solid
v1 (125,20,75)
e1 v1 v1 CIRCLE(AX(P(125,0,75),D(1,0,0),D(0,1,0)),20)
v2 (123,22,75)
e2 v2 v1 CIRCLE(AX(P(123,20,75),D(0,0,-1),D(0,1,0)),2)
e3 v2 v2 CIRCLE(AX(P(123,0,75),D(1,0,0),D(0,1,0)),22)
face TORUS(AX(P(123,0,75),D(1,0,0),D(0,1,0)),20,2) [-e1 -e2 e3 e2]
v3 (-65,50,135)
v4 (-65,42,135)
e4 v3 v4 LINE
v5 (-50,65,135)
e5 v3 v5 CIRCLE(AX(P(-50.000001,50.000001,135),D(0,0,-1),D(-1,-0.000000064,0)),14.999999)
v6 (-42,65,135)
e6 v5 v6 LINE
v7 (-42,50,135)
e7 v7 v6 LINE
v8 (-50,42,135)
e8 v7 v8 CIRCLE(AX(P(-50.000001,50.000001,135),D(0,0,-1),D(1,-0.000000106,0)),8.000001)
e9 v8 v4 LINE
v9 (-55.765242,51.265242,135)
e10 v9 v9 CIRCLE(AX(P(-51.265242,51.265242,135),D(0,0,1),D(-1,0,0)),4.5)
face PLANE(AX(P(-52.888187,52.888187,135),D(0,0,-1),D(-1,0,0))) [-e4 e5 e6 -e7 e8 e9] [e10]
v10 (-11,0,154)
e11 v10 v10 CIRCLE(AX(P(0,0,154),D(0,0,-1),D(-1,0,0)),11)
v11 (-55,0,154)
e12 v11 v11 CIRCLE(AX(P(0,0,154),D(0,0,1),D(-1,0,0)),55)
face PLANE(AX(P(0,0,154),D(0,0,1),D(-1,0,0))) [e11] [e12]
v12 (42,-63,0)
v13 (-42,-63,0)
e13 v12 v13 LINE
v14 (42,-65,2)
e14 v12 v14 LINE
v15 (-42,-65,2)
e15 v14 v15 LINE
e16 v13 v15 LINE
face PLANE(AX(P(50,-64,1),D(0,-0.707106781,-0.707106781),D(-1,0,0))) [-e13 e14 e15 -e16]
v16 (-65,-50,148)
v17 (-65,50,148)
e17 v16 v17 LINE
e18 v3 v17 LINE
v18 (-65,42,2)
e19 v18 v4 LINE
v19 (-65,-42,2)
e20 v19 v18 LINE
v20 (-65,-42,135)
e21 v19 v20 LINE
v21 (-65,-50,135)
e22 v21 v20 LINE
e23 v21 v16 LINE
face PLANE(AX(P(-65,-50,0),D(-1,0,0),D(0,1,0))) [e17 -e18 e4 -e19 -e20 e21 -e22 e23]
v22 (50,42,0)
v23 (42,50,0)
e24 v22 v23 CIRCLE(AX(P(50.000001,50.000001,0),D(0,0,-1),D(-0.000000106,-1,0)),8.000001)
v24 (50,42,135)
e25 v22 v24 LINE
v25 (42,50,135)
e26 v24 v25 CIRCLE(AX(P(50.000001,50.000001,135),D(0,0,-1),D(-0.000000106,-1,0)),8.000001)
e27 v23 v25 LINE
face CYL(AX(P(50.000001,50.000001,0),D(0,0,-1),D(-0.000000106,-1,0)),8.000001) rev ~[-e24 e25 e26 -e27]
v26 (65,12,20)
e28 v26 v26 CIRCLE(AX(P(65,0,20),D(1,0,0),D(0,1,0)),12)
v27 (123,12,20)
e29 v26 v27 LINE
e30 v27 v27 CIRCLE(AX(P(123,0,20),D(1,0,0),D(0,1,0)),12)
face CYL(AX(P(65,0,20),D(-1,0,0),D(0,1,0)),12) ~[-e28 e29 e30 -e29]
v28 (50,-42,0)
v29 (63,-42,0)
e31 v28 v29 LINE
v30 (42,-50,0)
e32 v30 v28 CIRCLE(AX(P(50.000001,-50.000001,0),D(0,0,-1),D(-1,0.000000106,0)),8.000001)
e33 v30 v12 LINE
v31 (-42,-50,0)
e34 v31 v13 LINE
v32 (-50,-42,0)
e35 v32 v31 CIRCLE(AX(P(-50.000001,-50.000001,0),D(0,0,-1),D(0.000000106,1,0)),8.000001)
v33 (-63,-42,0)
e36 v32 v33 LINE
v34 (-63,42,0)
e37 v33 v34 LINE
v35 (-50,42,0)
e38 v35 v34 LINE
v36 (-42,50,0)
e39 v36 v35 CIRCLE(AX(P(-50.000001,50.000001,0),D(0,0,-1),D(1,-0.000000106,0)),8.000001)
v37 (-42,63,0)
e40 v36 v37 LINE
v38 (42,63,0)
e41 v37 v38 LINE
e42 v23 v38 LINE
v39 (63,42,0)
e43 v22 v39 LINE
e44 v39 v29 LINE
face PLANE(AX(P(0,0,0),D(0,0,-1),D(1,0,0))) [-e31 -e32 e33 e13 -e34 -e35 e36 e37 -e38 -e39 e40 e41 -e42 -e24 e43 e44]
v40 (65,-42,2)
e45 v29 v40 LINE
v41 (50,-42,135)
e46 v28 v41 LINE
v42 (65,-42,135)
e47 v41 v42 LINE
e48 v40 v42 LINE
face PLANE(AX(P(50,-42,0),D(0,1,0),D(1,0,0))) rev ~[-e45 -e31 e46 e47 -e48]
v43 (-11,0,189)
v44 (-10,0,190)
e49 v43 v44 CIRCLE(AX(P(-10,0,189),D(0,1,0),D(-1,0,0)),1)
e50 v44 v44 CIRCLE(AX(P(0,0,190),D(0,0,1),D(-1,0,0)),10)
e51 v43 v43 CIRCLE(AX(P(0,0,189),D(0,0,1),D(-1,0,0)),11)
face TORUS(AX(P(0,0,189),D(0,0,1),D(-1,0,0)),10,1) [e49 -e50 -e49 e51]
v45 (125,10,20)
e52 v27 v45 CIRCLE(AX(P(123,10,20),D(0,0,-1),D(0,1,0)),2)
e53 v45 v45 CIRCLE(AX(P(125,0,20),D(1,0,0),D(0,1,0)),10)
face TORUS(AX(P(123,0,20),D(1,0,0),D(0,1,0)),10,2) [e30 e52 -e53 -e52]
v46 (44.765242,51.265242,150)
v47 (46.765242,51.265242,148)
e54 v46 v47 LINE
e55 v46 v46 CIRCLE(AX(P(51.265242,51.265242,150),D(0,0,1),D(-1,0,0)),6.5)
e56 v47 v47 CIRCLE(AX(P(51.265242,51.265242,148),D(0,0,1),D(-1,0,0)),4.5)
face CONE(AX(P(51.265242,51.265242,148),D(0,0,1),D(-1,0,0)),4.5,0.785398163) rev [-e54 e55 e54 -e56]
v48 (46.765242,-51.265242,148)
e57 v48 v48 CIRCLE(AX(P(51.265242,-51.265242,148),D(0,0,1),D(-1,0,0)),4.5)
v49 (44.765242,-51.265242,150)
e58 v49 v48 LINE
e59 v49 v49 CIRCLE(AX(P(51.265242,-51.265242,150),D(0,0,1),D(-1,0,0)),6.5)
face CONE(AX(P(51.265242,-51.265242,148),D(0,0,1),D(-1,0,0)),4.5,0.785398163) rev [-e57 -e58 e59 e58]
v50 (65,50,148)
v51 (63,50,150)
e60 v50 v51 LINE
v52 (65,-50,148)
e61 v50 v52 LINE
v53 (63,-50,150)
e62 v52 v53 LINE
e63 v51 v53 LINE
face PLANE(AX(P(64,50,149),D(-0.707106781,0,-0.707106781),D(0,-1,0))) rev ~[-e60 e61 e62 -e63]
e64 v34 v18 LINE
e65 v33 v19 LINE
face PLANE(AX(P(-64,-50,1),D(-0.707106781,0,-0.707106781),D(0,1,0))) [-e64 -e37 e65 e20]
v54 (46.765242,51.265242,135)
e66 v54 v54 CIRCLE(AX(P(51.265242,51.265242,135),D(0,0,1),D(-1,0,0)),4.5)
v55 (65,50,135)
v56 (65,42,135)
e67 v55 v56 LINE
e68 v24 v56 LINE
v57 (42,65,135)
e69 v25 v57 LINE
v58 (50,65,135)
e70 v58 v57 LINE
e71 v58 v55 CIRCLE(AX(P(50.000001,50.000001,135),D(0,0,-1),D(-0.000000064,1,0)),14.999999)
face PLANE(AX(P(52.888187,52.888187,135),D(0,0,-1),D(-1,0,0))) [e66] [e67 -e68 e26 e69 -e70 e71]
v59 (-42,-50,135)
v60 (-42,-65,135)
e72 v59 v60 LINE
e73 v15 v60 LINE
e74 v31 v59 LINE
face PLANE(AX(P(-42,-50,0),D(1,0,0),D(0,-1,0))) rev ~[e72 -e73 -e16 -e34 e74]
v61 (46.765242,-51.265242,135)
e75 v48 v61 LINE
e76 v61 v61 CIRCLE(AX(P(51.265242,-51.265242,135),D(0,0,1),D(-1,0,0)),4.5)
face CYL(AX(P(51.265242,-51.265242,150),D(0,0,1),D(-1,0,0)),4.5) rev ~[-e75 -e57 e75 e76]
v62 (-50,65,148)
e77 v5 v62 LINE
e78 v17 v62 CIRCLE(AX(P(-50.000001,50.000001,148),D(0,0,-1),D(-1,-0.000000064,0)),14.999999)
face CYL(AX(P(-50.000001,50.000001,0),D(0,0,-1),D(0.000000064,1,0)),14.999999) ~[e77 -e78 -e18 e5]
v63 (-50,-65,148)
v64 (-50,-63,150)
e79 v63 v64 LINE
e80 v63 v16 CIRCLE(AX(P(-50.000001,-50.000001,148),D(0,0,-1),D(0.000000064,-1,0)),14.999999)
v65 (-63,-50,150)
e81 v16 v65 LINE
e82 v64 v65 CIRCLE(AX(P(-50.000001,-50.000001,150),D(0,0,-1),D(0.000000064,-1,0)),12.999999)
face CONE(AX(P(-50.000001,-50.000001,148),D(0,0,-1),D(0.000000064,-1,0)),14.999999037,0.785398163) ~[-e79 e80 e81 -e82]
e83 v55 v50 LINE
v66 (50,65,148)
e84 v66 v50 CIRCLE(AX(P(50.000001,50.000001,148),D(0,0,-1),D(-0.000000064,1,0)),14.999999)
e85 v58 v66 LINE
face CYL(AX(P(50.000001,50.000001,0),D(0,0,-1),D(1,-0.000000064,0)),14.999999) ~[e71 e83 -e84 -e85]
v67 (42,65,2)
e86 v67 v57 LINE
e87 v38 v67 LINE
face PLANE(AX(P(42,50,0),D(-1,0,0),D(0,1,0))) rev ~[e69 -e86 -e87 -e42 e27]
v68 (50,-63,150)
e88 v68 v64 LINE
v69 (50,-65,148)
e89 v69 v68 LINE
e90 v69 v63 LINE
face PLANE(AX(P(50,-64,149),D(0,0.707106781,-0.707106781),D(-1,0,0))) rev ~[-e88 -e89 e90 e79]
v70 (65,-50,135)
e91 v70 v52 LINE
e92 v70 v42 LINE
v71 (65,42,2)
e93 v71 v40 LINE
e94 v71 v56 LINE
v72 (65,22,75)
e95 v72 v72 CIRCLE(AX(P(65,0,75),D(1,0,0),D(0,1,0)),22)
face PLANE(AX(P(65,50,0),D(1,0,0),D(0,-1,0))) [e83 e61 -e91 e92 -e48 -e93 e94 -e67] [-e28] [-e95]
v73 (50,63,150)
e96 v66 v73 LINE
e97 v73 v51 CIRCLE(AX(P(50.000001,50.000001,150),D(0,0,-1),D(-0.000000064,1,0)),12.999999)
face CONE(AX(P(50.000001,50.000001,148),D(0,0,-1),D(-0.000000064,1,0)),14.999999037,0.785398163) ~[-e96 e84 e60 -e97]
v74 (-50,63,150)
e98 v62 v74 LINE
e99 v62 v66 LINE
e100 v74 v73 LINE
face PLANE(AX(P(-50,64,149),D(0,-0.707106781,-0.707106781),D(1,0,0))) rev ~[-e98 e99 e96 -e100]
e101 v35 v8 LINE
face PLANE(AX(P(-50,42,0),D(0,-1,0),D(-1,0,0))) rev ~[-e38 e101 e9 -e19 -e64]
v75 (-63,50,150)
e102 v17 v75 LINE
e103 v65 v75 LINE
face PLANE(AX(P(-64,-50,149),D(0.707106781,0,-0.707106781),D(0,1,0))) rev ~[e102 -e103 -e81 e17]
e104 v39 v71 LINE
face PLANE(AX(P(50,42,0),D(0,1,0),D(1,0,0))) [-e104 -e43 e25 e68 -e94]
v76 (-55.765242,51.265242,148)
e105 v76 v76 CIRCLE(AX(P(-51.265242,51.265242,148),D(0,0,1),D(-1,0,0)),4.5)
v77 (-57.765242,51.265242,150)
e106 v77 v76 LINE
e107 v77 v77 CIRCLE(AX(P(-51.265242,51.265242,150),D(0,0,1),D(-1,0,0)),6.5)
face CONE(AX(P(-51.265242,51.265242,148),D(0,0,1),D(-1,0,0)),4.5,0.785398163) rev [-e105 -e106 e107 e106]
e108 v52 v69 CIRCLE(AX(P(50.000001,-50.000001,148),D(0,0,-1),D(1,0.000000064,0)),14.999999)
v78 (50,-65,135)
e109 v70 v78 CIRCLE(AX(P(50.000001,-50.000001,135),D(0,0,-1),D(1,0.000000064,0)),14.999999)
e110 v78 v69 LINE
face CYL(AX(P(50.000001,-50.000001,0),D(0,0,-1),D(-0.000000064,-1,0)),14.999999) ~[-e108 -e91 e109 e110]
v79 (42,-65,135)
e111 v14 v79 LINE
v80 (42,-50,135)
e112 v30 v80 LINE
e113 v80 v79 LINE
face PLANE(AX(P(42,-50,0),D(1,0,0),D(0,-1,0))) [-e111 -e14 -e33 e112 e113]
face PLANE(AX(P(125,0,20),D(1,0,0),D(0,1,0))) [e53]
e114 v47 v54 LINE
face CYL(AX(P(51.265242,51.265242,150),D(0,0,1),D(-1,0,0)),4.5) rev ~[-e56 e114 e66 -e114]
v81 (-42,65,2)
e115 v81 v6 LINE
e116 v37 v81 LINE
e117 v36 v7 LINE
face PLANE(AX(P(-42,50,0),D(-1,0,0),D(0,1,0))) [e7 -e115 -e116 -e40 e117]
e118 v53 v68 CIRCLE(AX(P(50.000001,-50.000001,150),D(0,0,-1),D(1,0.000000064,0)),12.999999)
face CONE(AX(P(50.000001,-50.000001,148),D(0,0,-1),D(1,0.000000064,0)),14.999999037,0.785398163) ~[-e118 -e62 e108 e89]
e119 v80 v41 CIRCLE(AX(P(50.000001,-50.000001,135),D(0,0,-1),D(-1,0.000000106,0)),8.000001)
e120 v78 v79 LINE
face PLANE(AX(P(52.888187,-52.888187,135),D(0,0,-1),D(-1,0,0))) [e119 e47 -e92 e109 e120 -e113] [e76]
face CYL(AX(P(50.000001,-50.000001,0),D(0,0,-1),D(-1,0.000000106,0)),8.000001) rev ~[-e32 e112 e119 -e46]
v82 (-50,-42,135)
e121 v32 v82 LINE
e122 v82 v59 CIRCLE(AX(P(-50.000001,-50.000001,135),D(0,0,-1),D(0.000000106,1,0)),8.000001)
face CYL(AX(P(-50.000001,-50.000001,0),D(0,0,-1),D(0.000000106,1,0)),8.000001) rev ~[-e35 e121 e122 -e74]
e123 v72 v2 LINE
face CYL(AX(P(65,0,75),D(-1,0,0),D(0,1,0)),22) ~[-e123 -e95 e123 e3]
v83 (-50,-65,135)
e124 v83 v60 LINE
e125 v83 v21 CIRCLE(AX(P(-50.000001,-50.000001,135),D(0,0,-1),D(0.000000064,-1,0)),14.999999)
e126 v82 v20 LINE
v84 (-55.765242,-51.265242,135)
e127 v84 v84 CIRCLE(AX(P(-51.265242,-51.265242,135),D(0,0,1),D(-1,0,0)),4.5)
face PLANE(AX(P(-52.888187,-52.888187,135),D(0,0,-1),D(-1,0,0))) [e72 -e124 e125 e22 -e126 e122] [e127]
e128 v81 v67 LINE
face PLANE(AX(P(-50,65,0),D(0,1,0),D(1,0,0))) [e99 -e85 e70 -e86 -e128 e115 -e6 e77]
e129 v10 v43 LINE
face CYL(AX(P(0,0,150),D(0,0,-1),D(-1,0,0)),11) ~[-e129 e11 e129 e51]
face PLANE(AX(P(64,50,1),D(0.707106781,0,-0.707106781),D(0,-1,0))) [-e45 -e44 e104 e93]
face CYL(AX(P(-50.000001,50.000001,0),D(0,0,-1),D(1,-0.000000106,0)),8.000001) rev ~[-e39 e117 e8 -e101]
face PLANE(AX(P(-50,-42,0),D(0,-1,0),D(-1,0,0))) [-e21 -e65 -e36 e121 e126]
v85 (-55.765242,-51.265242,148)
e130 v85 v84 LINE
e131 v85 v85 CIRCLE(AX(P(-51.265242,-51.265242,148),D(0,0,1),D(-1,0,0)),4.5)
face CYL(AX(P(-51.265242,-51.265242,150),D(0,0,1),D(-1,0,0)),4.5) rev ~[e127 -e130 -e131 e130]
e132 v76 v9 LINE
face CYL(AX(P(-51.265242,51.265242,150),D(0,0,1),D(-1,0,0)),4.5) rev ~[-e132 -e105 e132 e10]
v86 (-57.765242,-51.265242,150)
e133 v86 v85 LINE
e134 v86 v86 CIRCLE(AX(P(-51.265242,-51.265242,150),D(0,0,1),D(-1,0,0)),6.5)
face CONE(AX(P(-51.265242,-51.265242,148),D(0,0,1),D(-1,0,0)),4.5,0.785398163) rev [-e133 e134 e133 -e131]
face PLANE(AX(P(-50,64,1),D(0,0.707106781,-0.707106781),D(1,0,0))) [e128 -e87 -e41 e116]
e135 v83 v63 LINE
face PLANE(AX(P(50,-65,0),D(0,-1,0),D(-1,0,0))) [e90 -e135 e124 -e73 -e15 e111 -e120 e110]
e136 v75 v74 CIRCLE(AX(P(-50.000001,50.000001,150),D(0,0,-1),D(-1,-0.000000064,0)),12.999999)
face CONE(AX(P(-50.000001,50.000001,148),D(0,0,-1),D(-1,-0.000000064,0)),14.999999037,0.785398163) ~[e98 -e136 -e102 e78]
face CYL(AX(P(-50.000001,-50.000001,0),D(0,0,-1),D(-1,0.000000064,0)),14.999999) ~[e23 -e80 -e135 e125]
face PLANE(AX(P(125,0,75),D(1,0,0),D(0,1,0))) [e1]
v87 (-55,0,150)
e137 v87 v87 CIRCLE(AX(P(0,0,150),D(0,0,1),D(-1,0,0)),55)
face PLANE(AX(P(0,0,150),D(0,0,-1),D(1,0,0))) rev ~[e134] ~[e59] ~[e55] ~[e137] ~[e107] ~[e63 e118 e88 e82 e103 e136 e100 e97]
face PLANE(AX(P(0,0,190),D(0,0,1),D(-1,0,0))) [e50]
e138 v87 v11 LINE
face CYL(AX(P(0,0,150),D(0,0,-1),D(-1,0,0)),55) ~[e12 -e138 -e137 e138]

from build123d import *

# Parameters (mm, degrees)
PAD_DEPTH            = 150
SKETCH001_R          = 11
PAD001_DEPTH         = 40
FILLET_R             = 1
SKETCH002_R          = 22
SKETCH002_R_2        = 12
PAD002_DEPTH         = 60
SKETCH003_R          = 4.5
POCKET_DEPTH         = 25
FILLET001_R          = 2
CHAMFER_SIZE         = 2
SKETCH004_R          = 55
PAD003_DEPTH         = 4
POCKET001_DEPTH      = 135
BODY_PLACEMENT_ANGLE = 180


with BuildPart() as part:
    # Sketch → Pad (new body)
    with BuildSketch(Plane.XY):
        with BuildLine():
            Line((-50, 65), (50, 65))
            ThreePointArc((65, 50), (60.606602, 60.606602), (50, 65))
            Line((65, 50), (65, -50))
            ThreePointArc((50, -65), (60.606602, -60.606602), (65, -50))
            Line((50, -65), (-50, -65))
            ThreePointArc((-65, -50), (-60.606602, -60.606602), (-50, -65))
            Line((-65, -50), (-65, 50))
            ThreePointArc((-50, 65), (-60.606602, 60.606602), (-65, 50))
        make_face()
    extrude(amount=PAD_DEPTH)

    # Sketch001 (on Face10 of Pad) → Pad001 (join)
    with BuildSketch(Plane.XY.offset(150)):
        Circle(SKETCH001_R)
    extrude(amount=PAD001_DEPTH)

    # Fillet
    fillet_edges = [part.edges().sort_by_distance(p)[0] for p in [
        (-11, 0, 190),
    ]]
    fillet(fillet_edges, radius=FILLET_R)

    # Sketch002 (on Face8 of Fillet) → Pad002 (join)
    with BuildSketch(Plane(origin=(-65, 0, 0), x_dir=(0, -1, 0), z_dir=(-1, 0, 0))):
        with Locations((0, 75)):
            Circle(SKETCH002_R)
        with Locations((0, 20)):
            Circle(SKETCH002_R_2)
    extrude(amount=PAD002_DEPTH)

    # Sketch003 (on Face3 of Pad002) → Pocket (cut)
    with BuildSketch(Plane.XY.offset(150)):
        with Locations((-51.265242, 51.265242)):
            Circle(SKETCH003_R)
        with Locations((51.265242, 51.265242)):
            Circle(SKETCH003_R)
        with Locations((51.265242, -51.265242)):
            Circle(SKETCH003_R)
        with Locations((-51.265242, -51.265242)):
            Circle(SKETCH003_R)
    extrude(amount=-POCKET_DEPTH, mode=Mode.SUBTRACT)

    # Fillet001
    fillet001_edges = [part.edges().sort_by_distance(p)[0] for p in [
        (-125, 12, 20),
        (-125, 22, 75),
    ]]
    fillet(fillet001_edges, radius=FILLET001_R)

    # Chamfer
    chamfer_edges = [part.edges().sort_by_distance(p)[0] for p in [
        (-65, 0, 150),
        (0, 65, 150),
        (65, 0, 150),
        (0, -65, 150),
        (60.606602, -60.606602, 150),
        (-60.606602, -60.606602, 150),
        (-60.606602, 60.606602, 150),
        (60.606602, 60.606602, 150),
        (-55.765242, -51.265242, 150),
        (46.765242, -51.265242, 150),
        (-55.765242, 51.265242, 150),
        (-11, 0, 150),
        (46.765242, 51.265242, 150),
        (-65, 0, 0),
        (-60.606602, 60.606602, 0),
        (-60.606602, -60.606602, 0),
        (0, 65, 0),
        (60.606602, 60.606602, 0),
        (65, 0, 0),
        (60.606602, -60.606602, 0),
        (0, -65, 0),
    ]]
    chamfer(chamfer_edges, length=CHAMFER_SIZE)

    # Sketch004 (on Face13 of Chamfer) → Pad003 (join)
    with BuildSketch(Plane.XY.offset(150)):
        Circle(SKETCH004_R)
    extrude(amount=PAD003_DEPTH)

    # Sketch005 (on Face11 of Pad003) → Pocket001 (cut)
    with BuildSketch(Plane(origin=(0, 0, 0), x_dir=(1, 0, 0), z_dir=(0, 0, -1))):
        with BuildLine():
            ThreePointArc((-42, -50), (-44.343146, -44.343146), (-50, -42))
            Line((-50, -42), (-65, -42))
            Line((-65, -50), (-65, -42))
            ThreePointArc((-65, -50), (-60.606602, -60.606602), (-50, -65))
            Line((-50, -65), (-42, -65))
            Line((-42, -50), (-42, -65))
        make_face()
        with BuildLine():
            ThreePointArc((50, -42), (44.343146, -44.343146), (42, -50))
            Line((42, -50), (42, -65))
            Line((50, -65), (42, -65))
            ThreePointArc((50, -65), (60.606602, -60.606602), (65, -50))
            Line((65, -50), (65, -42))
            Line((50, -42), (65, -42))
        make_face()
        with BuildLine():
            ThreePointArc((-50, 42), (-44.343146, 44.343146), (-42, 50))
            Line((-42, 50), (-42, 65))
            Line((-50, 65), (-42, 65))
            ThreePointArc((-50, 65), (-60.606602, 60.606602), (-65, 50))
            Line((-65, 50), (-65, 42))
            Line((-50, 42), (-65, 42))
        make_face()
        with BuildLine():
            ThreePointArc((42, 50), (44.343146, 44.343146), (50, 42))
            Line((50, 42), (65, 42))
            Line((65, 50), (65, 42))
            ThreePointArc((65, 50), (60.606602, 60.606602), (50, 65))
            Line((50, 65), (42, 65))
            Line((42, 50), (42, 65))
        make_face()
    extrude(amount=-POCKET001_DEPTH, mode=Mode.SUBTRACT)


with BuildPart() as part_1:
    # Body placement: moved
    add(part.part.rotate(Axis((0, 0, 0), (0, 0, 1)), BODY_PLACEMENT_ANGLE))


solid = part_1.part
